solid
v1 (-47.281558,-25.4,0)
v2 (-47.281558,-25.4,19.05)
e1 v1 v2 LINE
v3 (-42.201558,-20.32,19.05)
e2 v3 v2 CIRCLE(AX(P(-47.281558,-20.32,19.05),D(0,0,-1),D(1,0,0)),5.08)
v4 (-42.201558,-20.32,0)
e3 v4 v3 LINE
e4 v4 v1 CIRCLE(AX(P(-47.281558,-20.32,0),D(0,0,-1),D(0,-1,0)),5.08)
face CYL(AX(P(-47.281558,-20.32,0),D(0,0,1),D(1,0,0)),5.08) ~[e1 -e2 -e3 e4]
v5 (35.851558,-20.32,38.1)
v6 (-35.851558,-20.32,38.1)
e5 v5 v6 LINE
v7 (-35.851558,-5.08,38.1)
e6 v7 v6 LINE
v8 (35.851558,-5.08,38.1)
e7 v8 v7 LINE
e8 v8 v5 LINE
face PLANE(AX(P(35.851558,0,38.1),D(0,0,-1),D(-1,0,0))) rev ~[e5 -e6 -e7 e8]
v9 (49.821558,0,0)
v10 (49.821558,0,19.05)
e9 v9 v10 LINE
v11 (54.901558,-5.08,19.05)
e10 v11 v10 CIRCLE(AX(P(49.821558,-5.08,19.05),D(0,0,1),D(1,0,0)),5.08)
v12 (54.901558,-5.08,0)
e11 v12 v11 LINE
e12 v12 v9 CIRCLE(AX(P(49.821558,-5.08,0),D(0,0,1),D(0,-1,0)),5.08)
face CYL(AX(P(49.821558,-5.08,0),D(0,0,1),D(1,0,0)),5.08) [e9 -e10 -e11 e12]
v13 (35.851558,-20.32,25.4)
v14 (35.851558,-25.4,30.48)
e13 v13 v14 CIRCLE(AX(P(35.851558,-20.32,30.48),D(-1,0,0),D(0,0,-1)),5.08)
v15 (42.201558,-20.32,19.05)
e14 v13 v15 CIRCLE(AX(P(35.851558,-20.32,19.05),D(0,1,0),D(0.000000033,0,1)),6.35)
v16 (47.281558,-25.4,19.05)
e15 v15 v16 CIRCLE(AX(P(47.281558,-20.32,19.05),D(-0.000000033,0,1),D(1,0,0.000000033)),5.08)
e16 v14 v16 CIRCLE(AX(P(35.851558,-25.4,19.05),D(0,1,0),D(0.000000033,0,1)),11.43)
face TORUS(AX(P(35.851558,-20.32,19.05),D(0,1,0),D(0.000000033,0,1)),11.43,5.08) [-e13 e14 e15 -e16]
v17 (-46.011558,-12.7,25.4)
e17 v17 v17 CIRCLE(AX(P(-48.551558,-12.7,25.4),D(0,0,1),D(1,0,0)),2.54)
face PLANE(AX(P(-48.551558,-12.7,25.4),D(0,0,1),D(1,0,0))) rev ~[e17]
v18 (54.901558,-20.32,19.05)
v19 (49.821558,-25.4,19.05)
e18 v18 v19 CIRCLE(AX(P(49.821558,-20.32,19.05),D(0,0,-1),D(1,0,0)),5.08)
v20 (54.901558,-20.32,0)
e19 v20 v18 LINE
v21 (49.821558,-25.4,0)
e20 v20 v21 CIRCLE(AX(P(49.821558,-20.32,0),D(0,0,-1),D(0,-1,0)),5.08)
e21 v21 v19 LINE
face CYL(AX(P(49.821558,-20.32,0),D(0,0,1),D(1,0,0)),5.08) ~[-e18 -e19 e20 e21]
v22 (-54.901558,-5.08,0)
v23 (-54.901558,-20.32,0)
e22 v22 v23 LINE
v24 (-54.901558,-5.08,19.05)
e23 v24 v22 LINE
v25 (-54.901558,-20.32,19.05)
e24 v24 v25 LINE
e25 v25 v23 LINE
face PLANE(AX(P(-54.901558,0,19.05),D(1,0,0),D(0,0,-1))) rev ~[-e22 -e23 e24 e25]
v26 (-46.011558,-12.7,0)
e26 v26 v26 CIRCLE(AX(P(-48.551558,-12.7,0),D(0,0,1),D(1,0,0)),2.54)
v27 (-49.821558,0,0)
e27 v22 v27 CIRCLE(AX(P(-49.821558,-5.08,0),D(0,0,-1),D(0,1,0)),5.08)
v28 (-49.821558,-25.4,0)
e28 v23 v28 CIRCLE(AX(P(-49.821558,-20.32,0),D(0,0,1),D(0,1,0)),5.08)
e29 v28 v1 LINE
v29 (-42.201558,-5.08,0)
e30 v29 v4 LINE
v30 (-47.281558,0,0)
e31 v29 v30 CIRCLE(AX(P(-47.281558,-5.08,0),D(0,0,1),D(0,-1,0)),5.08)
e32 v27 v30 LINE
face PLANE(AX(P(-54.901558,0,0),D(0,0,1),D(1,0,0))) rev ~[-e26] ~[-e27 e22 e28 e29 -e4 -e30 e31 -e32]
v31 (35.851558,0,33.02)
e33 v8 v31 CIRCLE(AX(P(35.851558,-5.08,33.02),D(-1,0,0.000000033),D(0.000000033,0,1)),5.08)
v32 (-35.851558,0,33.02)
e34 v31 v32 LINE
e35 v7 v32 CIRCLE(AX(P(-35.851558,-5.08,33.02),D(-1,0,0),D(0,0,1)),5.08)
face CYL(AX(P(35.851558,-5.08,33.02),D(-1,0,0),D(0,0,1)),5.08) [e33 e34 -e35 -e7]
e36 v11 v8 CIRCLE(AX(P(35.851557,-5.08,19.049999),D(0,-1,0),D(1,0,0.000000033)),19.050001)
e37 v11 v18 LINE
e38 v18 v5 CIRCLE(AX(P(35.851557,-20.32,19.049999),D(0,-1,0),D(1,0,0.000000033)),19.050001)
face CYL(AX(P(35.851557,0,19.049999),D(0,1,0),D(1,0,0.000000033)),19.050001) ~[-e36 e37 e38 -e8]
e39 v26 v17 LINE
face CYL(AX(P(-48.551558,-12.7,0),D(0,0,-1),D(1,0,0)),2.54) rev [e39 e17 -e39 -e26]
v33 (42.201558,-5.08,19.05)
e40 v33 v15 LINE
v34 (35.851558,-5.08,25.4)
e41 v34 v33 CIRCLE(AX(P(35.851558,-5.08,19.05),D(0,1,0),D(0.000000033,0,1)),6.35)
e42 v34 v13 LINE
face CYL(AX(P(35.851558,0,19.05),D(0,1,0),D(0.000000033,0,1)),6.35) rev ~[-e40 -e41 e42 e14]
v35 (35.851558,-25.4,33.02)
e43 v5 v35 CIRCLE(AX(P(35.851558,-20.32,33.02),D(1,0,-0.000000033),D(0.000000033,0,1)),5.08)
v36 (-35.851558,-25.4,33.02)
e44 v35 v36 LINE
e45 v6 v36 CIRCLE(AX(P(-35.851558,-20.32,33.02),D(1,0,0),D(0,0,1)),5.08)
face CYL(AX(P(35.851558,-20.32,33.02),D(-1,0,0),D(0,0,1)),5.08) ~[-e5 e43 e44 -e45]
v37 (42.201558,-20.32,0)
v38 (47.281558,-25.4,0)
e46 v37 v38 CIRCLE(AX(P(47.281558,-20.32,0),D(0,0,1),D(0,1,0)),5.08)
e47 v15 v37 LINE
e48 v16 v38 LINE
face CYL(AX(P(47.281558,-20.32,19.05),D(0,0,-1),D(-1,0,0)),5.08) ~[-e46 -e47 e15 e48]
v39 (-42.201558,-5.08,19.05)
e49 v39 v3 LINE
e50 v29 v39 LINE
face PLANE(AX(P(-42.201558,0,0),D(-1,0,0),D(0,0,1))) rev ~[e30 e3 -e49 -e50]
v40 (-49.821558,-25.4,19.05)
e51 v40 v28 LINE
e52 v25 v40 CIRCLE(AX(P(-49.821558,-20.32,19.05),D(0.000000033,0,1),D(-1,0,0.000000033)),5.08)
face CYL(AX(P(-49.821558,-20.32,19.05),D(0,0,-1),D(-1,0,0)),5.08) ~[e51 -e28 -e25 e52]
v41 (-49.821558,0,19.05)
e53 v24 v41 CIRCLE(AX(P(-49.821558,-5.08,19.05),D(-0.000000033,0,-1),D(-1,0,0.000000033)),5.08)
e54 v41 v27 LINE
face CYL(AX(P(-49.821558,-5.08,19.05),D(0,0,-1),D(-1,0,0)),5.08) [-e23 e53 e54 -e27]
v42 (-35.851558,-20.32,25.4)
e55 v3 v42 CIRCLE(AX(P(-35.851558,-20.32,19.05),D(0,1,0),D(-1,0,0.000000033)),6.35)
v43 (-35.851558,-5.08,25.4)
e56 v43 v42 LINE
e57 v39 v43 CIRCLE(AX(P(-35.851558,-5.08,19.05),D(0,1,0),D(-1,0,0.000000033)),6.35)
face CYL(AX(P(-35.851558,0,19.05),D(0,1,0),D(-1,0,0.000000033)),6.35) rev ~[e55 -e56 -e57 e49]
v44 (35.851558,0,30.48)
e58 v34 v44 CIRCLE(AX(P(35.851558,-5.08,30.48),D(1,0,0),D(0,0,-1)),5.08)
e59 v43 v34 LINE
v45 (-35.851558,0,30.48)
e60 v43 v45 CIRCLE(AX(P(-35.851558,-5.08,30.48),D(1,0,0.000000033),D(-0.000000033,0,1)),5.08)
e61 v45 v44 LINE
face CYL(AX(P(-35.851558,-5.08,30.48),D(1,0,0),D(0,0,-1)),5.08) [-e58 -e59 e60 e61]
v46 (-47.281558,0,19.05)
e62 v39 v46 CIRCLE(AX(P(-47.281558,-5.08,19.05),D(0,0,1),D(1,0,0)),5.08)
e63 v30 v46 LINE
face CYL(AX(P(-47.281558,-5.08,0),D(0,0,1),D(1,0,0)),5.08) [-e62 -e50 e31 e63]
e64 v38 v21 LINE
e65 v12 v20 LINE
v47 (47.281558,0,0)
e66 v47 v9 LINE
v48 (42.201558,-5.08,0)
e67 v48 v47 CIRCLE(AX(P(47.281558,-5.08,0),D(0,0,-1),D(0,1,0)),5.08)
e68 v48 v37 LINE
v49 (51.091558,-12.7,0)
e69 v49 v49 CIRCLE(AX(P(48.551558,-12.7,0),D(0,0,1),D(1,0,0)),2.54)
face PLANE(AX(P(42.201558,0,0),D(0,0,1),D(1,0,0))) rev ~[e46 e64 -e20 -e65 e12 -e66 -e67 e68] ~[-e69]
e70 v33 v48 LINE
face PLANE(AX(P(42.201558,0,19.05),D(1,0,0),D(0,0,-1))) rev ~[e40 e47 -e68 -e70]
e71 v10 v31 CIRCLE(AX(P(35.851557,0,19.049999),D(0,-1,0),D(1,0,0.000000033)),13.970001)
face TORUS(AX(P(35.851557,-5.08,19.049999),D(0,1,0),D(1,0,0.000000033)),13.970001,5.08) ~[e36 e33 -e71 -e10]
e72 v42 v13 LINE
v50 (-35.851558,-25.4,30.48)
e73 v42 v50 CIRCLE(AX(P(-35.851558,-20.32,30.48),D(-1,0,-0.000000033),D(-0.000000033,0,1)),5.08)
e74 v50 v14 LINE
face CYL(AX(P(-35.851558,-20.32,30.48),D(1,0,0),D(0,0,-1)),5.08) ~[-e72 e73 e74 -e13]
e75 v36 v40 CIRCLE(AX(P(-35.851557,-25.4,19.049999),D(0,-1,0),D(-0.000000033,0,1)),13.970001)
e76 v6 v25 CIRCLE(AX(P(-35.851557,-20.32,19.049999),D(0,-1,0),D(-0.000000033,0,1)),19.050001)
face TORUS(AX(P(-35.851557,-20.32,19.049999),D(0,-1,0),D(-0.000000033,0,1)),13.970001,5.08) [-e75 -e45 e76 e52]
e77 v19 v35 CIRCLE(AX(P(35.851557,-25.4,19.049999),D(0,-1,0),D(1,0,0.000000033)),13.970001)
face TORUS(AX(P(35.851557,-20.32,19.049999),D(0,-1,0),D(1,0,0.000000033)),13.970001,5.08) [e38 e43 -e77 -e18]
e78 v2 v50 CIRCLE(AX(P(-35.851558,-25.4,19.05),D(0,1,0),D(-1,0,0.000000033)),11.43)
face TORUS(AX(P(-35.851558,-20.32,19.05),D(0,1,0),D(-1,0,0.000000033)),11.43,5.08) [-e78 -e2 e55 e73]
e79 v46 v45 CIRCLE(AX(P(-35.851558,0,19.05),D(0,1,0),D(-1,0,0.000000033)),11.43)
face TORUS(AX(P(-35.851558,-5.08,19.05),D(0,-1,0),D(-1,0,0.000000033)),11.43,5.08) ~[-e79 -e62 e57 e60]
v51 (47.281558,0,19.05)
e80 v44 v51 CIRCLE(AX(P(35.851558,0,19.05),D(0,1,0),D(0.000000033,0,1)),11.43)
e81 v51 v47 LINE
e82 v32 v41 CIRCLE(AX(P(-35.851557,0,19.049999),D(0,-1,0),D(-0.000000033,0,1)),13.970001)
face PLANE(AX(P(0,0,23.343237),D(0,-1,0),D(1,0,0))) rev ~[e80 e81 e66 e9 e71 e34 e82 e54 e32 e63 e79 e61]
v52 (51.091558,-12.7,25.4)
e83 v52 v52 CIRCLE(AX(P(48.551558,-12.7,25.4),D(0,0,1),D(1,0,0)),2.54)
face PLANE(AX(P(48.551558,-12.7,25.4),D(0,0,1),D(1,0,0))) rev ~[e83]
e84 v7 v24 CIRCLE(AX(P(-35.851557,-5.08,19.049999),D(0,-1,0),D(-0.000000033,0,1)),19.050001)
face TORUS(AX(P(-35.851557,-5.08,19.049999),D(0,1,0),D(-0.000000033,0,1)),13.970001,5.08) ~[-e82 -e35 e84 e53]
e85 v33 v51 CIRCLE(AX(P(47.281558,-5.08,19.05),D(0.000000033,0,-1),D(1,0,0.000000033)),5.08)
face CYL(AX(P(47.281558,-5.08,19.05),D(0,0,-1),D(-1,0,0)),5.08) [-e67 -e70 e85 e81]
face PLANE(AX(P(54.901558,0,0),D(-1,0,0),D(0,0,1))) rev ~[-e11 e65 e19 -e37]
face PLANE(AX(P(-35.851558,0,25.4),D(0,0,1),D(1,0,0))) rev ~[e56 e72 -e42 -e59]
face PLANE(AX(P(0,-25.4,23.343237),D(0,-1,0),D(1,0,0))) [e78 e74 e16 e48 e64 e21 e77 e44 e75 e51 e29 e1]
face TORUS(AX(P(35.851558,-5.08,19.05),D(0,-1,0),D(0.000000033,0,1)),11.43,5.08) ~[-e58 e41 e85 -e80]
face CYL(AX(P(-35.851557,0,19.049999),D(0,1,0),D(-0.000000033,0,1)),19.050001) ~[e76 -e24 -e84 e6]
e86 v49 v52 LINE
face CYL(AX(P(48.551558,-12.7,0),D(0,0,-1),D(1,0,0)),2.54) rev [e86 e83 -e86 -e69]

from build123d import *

# Parameters (mm, degrees)
F1_DEPTH = 25.4
F2_R     = 5.08
F3_R     = 2.54
F4_DEPTH = 25.4


with BuildPart() as f1:
    # F0 (on Front) → F1 (new body)
    with BuildSketch(Plane.XZ):
        with BuildLine():
            ThreePointArc((54.901558, 19.05), (49.321942, 32.520384), (35.851558, 38.1))
            Line((35.851558, 38.1), (-35.851558, 38.1))
            ThreePointArc((-35.851558, 38.1), (-49.321942, 32.520384), (-54.901558, 19.05))
            Line((-54.901558, 19.05), (-54.901558, 0))
            Line((-54.901558, 0), (-42.201558, 0))
            Line((-42.201558, 0), (-42.201558, 19.05))
            ThreePointArc((-42.201558, 19.05), (-40.341686, 23.540128), (-35.851558, 25.4))
            Line((-35.851558, 25.4), (35.851558, 25.4))
            ThreePointArc((35.851558, 25.4), (40.341686, 23.540128), (42.201558, 19.05))
            Line((42.201558, 19.05), (42.201558, 0))
            Line((42.201558, 0), (54.901558, 0))
            Line((54.901558, 0), (54.901558, 19.05))
        make_face()
    extrude(amount=F1_DEPTH)

    # F2
    f2_edges = [f1.edges().sort_by_distance(p)[0] for p in [
        (0, -25.4, 38.1),
        (0, 0, 38.1),
        (0, -25.4, 25.4),
        (0, 0, 25.4),
    ]]
    fillet(f2_edges, radius=F2_R)

    # F3 (on Top) → F4 (cut)
    with BuildSketch(Plane.XY):
        with Locations((-48.551558, -12.7)):
            Circle(F3_R)
        with Locations((48.551558, -12.7)):
            Circle(F3_R)
    extrude(amount=F4_DEPTH, mode=Mode.SUBTRACT)


solid = f1.part
